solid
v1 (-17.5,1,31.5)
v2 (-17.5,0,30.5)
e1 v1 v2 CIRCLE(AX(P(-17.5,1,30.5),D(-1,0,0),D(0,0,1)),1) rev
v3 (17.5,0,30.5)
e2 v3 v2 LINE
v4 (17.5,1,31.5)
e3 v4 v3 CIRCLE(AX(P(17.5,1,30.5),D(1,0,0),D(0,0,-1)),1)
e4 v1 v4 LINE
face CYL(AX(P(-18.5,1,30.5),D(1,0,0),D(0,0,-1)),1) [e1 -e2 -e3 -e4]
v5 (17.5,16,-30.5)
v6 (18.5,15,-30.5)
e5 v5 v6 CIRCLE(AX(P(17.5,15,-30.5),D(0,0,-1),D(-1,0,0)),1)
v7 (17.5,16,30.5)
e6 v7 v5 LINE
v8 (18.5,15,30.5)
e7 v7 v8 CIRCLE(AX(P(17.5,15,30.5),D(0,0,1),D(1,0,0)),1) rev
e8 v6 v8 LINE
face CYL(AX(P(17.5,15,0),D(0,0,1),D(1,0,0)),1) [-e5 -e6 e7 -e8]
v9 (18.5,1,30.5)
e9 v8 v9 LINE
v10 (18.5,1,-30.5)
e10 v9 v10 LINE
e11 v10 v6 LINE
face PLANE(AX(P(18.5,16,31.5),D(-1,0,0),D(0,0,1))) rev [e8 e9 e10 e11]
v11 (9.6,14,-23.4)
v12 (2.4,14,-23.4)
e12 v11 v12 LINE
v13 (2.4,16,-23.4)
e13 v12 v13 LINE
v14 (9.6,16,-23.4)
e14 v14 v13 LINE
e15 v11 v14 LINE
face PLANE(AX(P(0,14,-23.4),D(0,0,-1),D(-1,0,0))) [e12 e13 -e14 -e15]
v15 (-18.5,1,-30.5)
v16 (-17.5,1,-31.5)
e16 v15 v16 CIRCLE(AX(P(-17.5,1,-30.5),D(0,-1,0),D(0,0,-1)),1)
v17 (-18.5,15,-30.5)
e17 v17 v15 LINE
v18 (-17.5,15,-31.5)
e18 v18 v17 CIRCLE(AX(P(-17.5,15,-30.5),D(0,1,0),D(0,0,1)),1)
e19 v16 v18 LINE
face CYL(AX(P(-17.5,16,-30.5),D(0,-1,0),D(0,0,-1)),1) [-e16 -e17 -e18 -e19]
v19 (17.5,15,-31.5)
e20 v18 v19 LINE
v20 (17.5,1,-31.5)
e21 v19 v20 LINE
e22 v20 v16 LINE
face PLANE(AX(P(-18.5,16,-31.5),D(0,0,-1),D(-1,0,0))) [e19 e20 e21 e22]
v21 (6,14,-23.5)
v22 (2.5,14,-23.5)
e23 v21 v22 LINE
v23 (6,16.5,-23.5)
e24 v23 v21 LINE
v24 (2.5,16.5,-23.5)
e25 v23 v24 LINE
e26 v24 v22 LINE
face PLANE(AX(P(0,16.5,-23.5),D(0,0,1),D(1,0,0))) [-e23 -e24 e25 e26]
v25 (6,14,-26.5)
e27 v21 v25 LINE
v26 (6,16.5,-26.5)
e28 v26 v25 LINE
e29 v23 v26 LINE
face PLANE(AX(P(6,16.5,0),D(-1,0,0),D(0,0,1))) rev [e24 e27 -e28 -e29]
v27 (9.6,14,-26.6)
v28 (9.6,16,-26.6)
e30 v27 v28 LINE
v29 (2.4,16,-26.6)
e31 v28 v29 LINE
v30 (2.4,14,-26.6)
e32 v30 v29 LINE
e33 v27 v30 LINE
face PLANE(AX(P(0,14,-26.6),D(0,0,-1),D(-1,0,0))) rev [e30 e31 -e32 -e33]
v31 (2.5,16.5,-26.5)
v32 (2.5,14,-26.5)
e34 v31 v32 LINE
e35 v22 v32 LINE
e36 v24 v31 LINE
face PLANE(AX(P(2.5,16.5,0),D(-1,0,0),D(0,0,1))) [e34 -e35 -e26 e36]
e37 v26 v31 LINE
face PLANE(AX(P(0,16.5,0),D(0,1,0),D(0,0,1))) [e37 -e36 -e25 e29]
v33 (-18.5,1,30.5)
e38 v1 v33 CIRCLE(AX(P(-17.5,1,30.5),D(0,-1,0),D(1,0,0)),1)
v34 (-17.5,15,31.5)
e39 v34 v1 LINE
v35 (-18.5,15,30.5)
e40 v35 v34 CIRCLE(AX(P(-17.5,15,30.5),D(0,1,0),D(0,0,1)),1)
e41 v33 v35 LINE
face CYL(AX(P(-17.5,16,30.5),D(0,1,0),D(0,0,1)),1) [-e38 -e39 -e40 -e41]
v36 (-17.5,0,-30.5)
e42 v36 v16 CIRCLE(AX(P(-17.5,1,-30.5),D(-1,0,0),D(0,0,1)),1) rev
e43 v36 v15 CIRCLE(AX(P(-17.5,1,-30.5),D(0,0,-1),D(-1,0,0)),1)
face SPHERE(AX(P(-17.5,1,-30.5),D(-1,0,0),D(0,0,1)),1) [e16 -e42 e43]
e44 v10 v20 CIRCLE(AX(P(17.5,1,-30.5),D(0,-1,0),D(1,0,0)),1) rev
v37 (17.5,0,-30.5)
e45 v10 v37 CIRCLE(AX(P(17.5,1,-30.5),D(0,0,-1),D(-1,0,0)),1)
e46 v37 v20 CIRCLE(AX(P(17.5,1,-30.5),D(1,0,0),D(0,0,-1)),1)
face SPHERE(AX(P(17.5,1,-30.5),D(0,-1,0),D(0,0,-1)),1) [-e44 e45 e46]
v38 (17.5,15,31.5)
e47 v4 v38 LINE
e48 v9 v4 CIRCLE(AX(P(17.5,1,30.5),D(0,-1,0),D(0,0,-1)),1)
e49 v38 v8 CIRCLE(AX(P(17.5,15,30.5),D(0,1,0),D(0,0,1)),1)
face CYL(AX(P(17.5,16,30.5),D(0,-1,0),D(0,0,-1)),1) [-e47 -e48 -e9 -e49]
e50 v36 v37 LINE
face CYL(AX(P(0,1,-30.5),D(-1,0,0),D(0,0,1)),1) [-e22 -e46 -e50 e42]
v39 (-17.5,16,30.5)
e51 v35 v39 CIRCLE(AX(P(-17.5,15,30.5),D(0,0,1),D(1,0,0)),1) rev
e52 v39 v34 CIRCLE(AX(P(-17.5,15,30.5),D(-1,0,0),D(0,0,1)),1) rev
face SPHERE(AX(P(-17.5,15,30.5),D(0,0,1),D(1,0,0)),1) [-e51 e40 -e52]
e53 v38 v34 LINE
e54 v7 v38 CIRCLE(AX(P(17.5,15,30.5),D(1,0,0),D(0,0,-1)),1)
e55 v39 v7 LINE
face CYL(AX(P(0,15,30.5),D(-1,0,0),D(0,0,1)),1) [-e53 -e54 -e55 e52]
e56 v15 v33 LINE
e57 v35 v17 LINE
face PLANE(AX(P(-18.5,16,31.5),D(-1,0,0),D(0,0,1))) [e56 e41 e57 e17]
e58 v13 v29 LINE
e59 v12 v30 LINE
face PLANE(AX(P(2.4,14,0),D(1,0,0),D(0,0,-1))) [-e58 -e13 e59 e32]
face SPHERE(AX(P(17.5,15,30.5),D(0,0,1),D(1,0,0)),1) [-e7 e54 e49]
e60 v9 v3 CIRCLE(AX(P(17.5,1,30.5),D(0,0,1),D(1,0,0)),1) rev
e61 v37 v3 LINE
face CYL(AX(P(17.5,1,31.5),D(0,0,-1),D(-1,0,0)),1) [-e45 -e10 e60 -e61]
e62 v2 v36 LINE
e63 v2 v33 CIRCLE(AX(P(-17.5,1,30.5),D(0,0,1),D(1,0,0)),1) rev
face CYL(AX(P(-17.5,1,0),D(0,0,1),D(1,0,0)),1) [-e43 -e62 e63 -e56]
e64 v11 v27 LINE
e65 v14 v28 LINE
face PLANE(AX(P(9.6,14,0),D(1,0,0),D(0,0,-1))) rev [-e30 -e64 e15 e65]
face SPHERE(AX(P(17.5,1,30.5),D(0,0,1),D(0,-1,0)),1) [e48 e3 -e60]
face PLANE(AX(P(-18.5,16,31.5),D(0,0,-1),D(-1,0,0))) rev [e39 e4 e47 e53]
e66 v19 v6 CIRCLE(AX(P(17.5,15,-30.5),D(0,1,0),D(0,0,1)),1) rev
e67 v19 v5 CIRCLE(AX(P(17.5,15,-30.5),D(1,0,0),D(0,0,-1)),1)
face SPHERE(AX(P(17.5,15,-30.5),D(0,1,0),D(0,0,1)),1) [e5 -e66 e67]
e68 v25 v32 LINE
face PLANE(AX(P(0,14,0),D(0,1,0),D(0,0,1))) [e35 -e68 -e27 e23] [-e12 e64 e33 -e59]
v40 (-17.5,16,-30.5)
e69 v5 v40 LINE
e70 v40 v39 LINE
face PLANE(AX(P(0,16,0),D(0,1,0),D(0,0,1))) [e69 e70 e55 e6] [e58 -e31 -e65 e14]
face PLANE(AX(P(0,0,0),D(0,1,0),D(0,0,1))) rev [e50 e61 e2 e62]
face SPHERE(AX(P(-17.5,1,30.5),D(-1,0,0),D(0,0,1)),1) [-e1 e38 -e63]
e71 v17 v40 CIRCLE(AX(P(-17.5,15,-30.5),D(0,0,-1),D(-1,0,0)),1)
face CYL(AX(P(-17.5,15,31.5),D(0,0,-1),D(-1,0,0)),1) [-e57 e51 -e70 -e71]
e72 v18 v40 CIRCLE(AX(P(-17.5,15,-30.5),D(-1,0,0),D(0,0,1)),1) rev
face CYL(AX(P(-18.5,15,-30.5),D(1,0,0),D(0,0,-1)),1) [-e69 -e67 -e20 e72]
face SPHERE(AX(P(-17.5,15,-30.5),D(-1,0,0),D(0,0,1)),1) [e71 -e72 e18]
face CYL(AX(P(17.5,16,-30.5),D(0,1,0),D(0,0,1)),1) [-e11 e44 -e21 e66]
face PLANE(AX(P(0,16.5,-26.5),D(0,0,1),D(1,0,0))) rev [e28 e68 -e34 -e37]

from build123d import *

# Parameters (mm, degrees)
SKETCH_1_W          = 37
SKETCH_1_H          = 63
EXTRUDE_1_DEPTH     = 16
FILLET_1_R          = 1
CUT_EXTRUDE_START   = 16
SKETCH_1_9_W        = 7.2
SKETCH_1_9_H        = 3.2
CUT_EXTRUDE_1_DEPTH = 2
EXTRUDE_START       = 14
SKETCH_1_10_W       = 3.5
SKETCH_1_10_H       = 3
EXTRUDE_2_DEPTH     = 2.5


with BuildPart() as part:
    # 草图1 → 凸台-拉伸1 (new body)
    with BuildSketch(Plane(origin=(0, 0, 0), x_dir=(1, 0, 0), z_dir=(0, 1, 0))):
        Rectangle(SKETCH_1_W, SKETCH_1_H)
    extrude(amount=EXTRUDE_1_DEPTH)

    # 圆角1
    fillet_1_edges = [part.edges().sort_by_distance(p)[0] for p in [
        (0, 16, -31.5),
        (-18.5, 16, 0),
        (0, 16, 31.5),
        (-18.5, 0, 0),
        (0, 0, -31.5),
        (18.5, 0, 0),
        (0, 0, 31.5),
        (-18.5, 8, 31.5),
        (-18.5, 8, -31.5),
        (18.5, 8, -31.5),
        (18.5, 8, 31.5),
        (18.5, 16, 0),
    ]]
    fillet(fillet_1_edges, radius=FILLET_1_R)

    # 草图1<9> → 切除-拉伸1 (cut)
    with BuildSketch(Plane(origin=(0, 0, 0), x_dir=(1, 0, 0), z_dir=(0, 1, 0)).offset(CUT_EXTRUDE_START)):
        with Locations((6, 25)):
            Rectangle(SKETCH_1_9_W, SKETCH_1_9_H)
    extrude(amount=-CUT_EXTRUDE_1_DEPTH, mode=Mode.SUBTRACT)

    # 草图1<10> → 凸台-拉伸2 (add)
    with BuildSketch(Plane(origin=(0, 0, 0), x_dir=(1, 0, 0), z_dir=(0, 1, 0)).offset(EXTRUDE_START)):
        with Locations((4.25, 25)):
            Rectangle(SKETCH_1_10_W, SKETCH_1_10_H)
    extrude(amount=EXTRUDE_2_DEPTH)


solid = part.part
